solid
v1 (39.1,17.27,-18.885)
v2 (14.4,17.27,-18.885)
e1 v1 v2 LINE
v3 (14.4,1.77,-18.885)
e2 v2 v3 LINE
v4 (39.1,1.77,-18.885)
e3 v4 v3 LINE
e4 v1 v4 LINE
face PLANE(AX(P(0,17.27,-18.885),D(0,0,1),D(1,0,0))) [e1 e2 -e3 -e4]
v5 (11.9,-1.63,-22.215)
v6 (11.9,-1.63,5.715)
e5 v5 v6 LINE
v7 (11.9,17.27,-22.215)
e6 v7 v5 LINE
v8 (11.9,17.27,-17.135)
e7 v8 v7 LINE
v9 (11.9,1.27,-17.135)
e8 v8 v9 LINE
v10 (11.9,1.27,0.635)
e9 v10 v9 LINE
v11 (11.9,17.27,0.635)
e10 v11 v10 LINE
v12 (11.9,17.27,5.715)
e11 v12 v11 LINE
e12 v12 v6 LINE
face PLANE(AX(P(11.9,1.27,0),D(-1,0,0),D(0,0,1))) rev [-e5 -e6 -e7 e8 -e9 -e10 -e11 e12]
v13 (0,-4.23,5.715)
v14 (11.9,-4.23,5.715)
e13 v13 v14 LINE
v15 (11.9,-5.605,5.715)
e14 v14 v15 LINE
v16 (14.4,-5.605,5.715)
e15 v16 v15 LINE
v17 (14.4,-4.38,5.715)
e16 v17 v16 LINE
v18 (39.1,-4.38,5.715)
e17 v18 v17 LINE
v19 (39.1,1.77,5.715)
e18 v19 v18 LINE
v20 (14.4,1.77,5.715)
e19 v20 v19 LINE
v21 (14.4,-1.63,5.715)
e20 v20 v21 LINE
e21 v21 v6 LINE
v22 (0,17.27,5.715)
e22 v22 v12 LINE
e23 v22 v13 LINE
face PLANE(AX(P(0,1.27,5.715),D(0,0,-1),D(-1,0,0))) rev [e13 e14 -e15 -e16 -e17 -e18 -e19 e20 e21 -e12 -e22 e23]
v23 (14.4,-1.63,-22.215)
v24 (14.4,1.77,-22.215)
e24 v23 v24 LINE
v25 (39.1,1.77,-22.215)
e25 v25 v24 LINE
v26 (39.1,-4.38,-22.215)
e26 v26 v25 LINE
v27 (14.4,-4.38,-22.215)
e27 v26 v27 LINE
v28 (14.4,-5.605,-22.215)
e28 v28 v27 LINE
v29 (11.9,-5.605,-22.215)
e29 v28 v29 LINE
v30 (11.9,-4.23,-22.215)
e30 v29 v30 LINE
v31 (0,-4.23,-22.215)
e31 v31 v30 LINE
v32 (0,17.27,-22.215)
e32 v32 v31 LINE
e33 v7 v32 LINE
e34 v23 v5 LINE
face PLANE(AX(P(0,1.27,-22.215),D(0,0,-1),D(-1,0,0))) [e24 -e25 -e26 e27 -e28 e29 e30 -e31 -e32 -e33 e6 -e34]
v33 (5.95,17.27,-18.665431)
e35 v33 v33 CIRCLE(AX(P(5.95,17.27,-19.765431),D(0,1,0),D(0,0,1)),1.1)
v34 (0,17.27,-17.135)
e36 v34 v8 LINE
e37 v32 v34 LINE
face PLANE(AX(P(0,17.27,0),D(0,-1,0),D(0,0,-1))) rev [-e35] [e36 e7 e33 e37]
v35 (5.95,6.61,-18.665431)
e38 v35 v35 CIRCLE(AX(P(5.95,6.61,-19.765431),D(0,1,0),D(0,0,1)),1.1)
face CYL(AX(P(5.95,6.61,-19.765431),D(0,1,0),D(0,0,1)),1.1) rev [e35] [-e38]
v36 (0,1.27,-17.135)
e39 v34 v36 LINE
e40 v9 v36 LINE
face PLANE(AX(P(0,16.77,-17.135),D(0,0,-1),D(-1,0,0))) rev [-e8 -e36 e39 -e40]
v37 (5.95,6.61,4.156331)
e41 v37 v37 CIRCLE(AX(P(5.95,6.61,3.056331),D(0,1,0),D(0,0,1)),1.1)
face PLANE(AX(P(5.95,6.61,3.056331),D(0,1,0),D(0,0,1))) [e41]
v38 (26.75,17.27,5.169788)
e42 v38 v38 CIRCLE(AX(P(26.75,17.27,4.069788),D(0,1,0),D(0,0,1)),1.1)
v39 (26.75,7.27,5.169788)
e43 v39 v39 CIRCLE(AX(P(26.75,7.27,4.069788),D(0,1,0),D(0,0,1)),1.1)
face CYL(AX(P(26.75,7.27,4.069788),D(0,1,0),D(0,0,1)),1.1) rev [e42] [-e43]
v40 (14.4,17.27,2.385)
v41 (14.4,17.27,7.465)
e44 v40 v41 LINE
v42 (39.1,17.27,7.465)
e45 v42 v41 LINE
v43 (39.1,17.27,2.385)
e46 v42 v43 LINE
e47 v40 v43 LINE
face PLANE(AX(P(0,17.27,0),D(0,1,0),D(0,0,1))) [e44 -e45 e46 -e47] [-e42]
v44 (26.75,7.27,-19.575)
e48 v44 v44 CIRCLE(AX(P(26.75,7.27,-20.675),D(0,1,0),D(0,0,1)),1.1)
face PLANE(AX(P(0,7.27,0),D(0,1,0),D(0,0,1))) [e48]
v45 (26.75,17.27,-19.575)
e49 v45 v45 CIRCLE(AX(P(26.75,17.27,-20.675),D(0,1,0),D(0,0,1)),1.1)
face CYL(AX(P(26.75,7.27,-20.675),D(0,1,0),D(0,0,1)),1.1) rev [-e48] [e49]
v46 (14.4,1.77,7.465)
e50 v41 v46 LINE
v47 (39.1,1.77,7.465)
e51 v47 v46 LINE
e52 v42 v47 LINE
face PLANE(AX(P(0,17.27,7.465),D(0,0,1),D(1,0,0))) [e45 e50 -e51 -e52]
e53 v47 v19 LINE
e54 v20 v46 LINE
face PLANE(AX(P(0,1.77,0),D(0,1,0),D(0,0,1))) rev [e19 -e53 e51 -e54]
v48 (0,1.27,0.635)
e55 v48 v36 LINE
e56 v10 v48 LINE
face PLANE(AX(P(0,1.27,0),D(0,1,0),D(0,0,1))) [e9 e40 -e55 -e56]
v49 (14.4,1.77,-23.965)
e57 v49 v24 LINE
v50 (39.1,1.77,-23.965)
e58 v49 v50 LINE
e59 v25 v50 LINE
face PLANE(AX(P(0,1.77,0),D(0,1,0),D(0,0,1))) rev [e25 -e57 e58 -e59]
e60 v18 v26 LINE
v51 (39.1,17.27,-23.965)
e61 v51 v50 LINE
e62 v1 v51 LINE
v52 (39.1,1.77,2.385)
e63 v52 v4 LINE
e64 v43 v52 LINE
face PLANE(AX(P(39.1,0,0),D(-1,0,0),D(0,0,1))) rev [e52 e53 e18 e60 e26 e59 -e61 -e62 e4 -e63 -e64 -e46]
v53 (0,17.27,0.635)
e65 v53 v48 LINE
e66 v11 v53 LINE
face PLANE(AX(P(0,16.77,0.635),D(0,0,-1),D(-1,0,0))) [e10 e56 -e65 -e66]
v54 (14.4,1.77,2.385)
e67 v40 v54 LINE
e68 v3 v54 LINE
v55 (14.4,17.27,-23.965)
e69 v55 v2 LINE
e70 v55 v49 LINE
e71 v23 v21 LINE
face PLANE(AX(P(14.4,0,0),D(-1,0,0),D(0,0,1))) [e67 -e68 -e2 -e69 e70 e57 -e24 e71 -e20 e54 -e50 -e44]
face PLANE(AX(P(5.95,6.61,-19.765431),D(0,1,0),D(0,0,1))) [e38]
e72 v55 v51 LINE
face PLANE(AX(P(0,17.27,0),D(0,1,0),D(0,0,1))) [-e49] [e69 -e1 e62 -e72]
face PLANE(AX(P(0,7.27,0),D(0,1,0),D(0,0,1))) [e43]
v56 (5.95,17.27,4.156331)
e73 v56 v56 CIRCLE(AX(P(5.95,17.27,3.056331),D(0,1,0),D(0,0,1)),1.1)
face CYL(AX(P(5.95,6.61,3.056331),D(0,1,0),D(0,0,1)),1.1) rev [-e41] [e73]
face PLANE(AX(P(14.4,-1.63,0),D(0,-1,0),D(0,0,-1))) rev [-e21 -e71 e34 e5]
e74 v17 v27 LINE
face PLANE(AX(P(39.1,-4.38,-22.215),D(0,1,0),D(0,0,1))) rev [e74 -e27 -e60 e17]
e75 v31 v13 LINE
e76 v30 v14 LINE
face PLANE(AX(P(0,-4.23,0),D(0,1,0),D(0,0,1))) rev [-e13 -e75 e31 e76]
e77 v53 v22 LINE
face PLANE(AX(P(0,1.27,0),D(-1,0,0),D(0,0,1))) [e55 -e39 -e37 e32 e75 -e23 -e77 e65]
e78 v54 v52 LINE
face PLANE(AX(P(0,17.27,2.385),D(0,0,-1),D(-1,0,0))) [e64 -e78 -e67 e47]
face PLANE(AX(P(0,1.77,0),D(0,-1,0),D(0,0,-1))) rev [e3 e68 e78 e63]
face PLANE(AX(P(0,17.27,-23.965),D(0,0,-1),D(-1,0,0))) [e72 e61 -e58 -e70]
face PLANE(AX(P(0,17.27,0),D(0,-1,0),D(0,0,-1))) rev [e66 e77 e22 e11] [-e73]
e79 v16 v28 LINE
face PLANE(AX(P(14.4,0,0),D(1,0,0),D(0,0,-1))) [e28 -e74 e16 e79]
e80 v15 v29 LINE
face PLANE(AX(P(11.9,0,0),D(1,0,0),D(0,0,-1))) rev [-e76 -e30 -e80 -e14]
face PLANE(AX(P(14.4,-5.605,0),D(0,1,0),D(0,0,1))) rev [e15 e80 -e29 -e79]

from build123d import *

# Parameters (mm, degrees)
SKETCH1_W            = 11.9
SKETCH1_H            = 27.93
BOSS_EXTRUDE1_DEPTH  = 1.27
SKETCH1_3_W          = 11.9
SKETCH1_3_H          = 5.08
BOSS_EXTRUDE2_DEPTH  = 16.77
SKETCH2_R            = 1.1
CUT_EXTRUDE1_DEPTH   = 10.16
SKETCH3_R            = 1.1
CUT_EXTRUDE2_DEPTH   = 10.16
SKETCH4_W            = 27.93
SKETCH4_H            = 1.48
BOSS_EXTRUDE4_DEPTH  = 11.9
SKETCH6_W            = 27.93
SKETCH6_H            = 2.75
BOSS_EXTRUDE5_DEPTH  = 11.9
SKETCH7_W            = 27.93
SKETCH7_H            = 2.75
BOSS_EXTRUDE6_DEPTH  = 2.5
BOSS_EXTRUDE7_DEPTH  = 2.5
BOSS_EXTRUDE13_START = 0.5
SKETCH19_W           = 11.9
SKETCH19_H           = 5.08
SKETCH19_R           = 1.1
BOSS_EXTRUDE13_DEPTH = 0.5
BOSS_EXTRUDE14_DEPTH = 24.7
SKETCH21_W           = 24.7
SKETCH21_H           = 27.93
BOSS_EXTRUDE16_DEPTH = 0.5
SKETCH23_W           = 24.7
SKETCH23_H           = 5.08
BOSS_EXTRUDE17_DEPTH = 15.5
SKETCH24_R           = 1.1
CUT_EXTRUDE3_DEPTH   = 10


with BuildPart() as part:
    # Sketch1 → Boss-Extrude1 (new body)
    with BuildSketch(Plane(origin=(0, 0, 0), x_dir=(1, 0, 0), z_dir=(0, 1, 0))):
        with Locations((5.95, 8.25)):
            Rectangle(SKETCH1_W, SKETCH1_H)
    extrude(amount=BOSS_EXTRUDE1_DEPTH)

    # Sketch1<3> → Boss-Extrude2 (add)
    with BuildSketch(Plane(origin=(0, 0, 0), x_dir=(1, 0, 0), z_dir=(0, 1, 0))):
        with Locations((5.95, 19.675)):
            Rectangle(SKETCH1_3_W, SKETCH1_3_H)
        with Locations((5.95, -3.175)):
            Rectangle(SKETCH1_3_W, SKETCH1_3_H)
    extrude(amount=BOSS_EXTRUDE2_DEPTH)

    # Sketch2 → Cut-Extrude1 (cut)
    with BuildSketch(Plane(origin=(0, 16.77, 0), x_dir=(1, 0, 0), z_dir=(0, 1, 0))):
        with Locations((5.95, 19.765430595)):
            Circle(SKETCH2_R)
    extrude(amount=-CUT_EXTRUDE1_DEPTH, mode=Mode.SUBTRACT)

    # Sketch3 → Cut-Extrude2 (cut)
    with BuildSketch(Plane(origin=(0, 16.77, 0), x_dir=(1, 0, 0), z_dir=(0, 1, 0))):
        with Locations((5.95, -3.056330688)):
            Circle(SKETCH3_R)
    extrude(amount=-CUT_EXTRUDE2_DEPTH, mode=Mode.SUBTRACT)

    # Sketch4 → Boss-Extrude4 (add)
    with BuildSketch(Plane(origin=(11.9, 0, 0), x_dir=(0, 0, -1), z_dir=(1, 0, 0))):
        with Locations((8.25, -0.74)):
            Rectangle(SKETCH4_W, SKETCH4_H)
    extrude(amount=-BOSS_EXTRUDE4_DEPTH)

    # Sketch6 → Boss-Extrude5 (add)
    with BuildSketch(Plane(origin=(11.9, 0, 0), x_dir=(0, 0, -1), z_dir=(1, 0, 0))):
        with Locations((8.25, -2.855)):
            Rectangle(SKETCH6_W, SKETCH6_H)
    extrude(amount=-BOSS_EXTRUDE5_DEPTH)

    # Sketch7 → Boss-Extrude6 (add)
    with BuildSketch(Plane(origin=(11.9, 0, 0), x_dir=(0, 0, -1), z_dir=(1, 0, 0))):
        with Locations((8.25, -4.23)):
            Rectangle(SKETCH7_W, SKETCH7_H)
    extrude(amount=BOSS_EXTRUDE6_DEPTH)

    # Sketch8 → Boss-Extrude7 (add)
    with BuildSketch(Plane(origin=(11.9, 0, 0), x_dir=(0, 0, -1), z_dir=(1, 0, 0))):
        Polygon((22.215, -1.63), (-0.635, -1.63), (-5.715, -1.63), (-5.715, -2.855), (22.215, -2.855), align=None)
    extrude(amount=BOSS_EXTRUDE7_DEPTH)

    # Sketch19 → Boss-Extrude13 (add)
    # profile 1 of 2: a face of its own
    with BuildSketch(Plane(origin=(0, 16.77, 0), x_dir=(1, 0, 0), z_dir=(0, 1, 0)).offset(BOSS_EXTRUDE13_START)):
        with Locations((5.95, 19.675)):
            Rectangle(SKETCH19_W, SKETCH19_H)
        with Locations((5.95, 19.765430595)):
            Circle(SKETCH19_R, mode=Mode.SUBTRACT)
    # profile 2 of 2: a face of its own
    with BuildSketch(Plane(origin=(0, 16.77, 0), x_dir=(1, 0, 0), z_dir=(0, 1, 0)).offset(BOSS_EXTRUDE13_START)):
        with Locations((5.95, -3.175)):
            Rectangle(SKETCH19_W, SKETCH19_H)
        with Locations((5.95, -3.056330688)):
            Circle(SKETCH19_R, mode=Mode.SUBTRACT)
    extrude(amount=-BOSS_EXTRUDE13_DEPTH)

    # Sketch20 → Boss-Extrude14 (add)
    with BuildSketch(Plane(origin=(14.4, 0, 0), x_dir=(0, 0, -1), z_dir=(1, 0, 0))):
        Polygon((-5.715, -1.63), (-5.715, -4.38), (22.215, -4.38), (22.215, -3.6175), (22.215, 1.27), (-5.715, 1.27), align=None)
    extrude(amount=BOSS_EXTRUDE14_DEPTH)

    # Sketch21 → Boss-Extrude16 (add)
    with BuildSketch(Plane(origin=(0, 1.27, 0), x_dir=(1, 0, 0), z_dir=(0, 1, 0))):
        with Locations((26.75, 8.25)):
            Rectangle(SKETCH21_W, SKETCH21_H)
    extrude(amount=BOSS_EXTRUDE16_DEPTH)

    # Sketch23 → Boss-Extrude17 (add)
    with BuildSketch(Plane(origin=(0, 1.77, 0), x_dir=(1, 0, 0), z_dir=(0, 1, 0))):
        with Locations((26.75, 21.425)):
            Rectangle(SKETCH23_W, SKETCH23_H)
        with Locations((26.75, -4.925)):
            Rectangle(SKETCH23_W, SKETCH23_H)
    extrude(amount=BOSS_EXTRUDE17_DEPTH)

    # Sketch24 → Cut-Extrude3 (cut)
    with BuildSketch(Plane(origin=(0, 17.27, 0), x_dir=(1, 0, 0), z_dir=(0, 1, 0))):
        with Locations((26.75, -4.069787702)):
            Circle(SKETCH24_R)
        with Locations((26.75, 20.675)):
            Circle(SKETCH24_R)
    extrude(amount=-CUT_EXTRUDE3_DEPTH, mode=Mode.SUBTRACT)


solid = part.part
